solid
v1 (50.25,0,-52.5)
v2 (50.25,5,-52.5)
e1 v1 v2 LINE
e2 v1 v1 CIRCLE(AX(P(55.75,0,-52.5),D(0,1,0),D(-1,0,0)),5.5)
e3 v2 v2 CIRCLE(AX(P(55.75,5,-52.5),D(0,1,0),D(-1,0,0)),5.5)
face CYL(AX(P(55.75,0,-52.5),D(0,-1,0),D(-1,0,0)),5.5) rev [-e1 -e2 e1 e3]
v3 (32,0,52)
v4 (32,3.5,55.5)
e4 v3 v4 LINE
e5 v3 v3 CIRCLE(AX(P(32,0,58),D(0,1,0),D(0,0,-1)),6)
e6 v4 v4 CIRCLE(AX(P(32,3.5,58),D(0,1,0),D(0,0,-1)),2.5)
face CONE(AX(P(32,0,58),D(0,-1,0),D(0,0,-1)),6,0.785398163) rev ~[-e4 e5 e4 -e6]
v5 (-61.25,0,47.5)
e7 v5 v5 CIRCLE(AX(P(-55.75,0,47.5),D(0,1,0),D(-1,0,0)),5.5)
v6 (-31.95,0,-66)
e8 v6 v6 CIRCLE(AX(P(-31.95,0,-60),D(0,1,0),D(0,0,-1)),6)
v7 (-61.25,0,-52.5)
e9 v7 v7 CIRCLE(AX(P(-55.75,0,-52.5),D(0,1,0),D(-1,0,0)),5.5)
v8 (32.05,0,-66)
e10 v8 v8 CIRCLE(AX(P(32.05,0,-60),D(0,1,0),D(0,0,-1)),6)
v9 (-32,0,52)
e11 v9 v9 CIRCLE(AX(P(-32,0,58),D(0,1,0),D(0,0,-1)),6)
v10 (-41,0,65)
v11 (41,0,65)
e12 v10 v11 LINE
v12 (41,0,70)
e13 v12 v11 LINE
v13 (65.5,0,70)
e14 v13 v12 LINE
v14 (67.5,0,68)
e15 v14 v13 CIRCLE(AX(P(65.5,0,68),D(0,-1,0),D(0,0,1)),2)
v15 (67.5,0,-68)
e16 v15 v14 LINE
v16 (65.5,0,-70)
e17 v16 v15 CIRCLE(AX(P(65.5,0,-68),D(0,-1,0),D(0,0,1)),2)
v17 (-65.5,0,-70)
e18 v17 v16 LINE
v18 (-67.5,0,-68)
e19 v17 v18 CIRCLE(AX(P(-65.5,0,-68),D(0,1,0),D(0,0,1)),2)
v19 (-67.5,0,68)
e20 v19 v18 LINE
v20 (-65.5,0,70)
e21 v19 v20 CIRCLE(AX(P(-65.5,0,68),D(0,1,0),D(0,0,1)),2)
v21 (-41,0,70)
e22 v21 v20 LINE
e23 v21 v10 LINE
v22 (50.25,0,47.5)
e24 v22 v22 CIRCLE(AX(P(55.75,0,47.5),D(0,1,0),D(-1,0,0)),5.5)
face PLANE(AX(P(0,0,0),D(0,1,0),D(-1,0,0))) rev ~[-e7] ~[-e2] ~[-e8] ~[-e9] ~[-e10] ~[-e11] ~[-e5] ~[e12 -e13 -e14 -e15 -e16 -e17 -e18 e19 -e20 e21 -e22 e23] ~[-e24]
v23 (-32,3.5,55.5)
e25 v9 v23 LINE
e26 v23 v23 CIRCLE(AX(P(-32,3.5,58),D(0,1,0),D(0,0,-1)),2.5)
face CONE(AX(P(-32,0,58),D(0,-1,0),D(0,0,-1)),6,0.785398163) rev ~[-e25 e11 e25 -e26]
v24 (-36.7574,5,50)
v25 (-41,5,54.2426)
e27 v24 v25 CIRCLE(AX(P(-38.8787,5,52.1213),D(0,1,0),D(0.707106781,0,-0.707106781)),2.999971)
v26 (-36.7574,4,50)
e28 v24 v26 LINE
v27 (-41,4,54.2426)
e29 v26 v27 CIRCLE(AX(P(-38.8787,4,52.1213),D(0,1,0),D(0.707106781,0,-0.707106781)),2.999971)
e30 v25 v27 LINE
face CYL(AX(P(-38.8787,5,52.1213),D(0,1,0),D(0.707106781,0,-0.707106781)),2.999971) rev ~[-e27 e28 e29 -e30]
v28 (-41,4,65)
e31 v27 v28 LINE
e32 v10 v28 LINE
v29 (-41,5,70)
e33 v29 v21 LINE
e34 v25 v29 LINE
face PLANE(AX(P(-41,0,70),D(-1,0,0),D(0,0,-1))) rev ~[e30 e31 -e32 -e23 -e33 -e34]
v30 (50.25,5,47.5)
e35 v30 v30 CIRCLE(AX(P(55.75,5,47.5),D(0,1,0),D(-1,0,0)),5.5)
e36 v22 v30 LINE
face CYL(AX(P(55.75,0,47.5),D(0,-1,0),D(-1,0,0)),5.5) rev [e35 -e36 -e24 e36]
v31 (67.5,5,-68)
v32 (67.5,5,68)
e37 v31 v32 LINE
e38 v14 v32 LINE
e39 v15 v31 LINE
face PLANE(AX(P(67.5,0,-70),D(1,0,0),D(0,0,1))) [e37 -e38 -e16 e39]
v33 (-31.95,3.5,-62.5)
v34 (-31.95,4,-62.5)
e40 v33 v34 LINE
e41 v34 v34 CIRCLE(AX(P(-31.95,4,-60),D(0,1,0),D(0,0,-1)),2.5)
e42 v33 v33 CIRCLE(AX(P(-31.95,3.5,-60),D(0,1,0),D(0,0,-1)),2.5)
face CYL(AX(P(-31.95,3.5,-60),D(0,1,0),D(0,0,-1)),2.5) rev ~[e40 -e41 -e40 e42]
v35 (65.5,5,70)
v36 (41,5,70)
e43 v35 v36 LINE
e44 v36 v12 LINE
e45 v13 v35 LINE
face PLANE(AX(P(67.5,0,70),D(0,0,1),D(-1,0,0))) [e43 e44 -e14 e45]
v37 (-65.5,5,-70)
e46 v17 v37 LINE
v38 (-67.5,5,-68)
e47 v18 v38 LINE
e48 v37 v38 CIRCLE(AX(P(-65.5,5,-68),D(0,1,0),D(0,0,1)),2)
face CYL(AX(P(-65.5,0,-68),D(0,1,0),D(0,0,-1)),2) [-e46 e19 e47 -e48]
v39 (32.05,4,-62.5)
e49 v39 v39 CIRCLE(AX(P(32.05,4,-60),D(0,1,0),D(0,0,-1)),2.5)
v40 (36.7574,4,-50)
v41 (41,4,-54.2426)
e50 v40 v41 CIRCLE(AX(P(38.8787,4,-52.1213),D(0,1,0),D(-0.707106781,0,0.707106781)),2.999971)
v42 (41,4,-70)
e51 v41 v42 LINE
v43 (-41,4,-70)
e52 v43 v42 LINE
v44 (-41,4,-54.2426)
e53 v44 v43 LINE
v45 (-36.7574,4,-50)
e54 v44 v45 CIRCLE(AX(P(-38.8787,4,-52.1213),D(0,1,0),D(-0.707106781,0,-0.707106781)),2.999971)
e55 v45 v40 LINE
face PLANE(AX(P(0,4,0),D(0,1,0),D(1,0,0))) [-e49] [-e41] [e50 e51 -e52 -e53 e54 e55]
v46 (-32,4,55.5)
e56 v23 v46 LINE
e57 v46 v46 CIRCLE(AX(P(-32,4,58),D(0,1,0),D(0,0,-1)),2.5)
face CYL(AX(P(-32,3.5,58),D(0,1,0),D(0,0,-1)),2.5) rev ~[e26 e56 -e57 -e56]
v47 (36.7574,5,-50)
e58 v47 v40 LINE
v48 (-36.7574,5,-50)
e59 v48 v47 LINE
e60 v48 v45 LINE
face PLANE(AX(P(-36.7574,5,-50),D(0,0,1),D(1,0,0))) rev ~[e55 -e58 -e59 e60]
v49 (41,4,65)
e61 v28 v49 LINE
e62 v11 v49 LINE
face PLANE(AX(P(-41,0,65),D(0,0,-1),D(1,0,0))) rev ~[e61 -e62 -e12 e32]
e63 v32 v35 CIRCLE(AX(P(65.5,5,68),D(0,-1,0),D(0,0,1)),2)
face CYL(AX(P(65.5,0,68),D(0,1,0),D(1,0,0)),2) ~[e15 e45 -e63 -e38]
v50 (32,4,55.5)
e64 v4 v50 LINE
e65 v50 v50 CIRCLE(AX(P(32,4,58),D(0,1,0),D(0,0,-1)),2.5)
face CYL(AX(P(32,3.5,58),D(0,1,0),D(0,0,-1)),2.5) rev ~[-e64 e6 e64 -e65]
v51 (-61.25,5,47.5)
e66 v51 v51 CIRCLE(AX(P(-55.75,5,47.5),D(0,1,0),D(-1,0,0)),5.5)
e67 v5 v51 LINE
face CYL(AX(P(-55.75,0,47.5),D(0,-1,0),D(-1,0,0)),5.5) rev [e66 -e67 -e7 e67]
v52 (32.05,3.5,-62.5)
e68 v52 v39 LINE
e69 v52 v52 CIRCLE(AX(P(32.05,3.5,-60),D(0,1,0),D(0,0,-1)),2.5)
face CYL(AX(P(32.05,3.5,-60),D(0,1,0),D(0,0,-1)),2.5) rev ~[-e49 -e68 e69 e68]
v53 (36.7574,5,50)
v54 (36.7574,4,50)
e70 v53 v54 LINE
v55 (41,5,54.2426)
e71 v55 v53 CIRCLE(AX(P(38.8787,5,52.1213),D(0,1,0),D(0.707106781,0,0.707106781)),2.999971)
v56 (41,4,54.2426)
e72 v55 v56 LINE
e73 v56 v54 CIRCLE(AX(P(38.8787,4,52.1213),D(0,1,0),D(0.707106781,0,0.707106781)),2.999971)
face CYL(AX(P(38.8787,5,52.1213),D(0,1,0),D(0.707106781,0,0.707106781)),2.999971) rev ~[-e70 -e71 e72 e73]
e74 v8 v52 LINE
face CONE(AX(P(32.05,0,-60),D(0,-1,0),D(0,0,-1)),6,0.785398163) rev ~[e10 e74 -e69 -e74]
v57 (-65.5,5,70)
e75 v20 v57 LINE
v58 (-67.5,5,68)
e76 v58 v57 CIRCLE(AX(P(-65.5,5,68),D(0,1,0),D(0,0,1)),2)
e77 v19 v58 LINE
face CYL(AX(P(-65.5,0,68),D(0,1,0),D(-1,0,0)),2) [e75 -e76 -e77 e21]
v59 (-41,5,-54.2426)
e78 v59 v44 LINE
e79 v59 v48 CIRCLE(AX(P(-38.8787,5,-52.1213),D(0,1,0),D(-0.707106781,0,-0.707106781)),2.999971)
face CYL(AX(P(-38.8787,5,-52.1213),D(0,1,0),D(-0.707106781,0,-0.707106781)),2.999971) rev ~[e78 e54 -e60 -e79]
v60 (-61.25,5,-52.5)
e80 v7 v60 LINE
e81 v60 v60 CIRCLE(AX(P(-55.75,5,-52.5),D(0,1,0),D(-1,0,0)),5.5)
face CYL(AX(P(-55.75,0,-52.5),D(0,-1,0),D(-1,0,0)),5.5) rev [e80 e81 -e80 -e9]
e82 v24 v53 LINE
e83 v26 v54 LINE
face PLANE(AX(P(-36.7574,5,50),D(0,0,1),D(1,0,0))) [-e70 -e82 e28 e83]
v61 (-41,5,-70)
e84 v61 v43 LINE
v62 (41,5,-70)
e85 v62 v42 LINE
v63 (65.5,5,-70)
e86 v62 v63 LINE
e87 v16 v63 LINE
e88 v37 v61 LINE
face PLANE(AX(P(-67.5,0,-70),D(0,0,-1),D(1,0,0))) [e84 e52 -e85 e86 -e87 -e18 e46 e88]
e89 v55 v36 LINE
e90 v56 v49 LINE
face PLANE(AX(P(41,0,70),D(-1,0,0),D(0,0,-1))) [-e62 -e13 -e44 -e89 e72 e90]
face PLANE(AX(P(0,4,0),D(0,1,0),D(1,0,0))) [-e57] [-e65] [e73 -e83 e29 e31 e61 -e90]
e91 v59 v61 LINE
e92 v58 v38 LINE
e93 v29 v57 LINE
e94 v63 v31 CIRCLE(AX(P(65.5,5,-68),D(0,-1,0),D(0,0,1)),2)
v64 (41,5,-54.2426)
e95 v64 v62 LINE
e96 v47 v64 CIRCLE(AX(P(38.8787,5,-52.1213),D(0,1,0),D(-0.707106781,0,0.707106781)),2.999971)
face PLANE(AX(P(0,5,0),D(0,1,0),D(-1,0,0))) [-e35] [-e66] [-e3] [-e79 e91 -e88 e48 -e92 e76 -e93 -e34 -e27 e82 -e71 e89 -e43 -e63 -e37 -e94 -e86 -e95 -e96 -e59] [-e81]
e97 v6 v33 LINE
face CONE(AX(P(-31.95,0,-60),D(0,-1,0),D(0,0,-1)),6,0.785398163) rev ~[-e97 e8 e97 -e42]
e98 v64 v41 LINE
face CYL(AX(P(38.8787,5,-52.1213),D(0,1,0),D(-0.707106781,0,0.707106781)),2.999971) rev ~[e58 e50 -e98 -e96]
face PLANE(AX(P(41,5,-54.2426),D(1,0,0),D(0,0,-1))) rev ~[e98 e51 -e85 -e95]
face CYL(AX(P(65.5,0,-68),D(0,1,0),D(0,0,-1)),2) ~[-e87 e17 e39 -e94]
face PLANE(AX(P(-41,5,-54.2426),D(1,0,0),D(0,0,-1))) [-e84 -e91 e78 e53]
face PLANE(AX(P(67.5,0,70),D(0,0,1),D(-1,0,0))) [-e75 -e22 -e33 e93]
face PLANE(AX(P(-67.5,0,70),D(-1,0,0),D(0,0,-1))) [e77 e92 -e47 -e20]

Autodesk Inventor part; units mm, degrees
ref_plane "YZ Plane" through (0, 0, 0) normal (1, 0, 0) x (0, 1, 0)
ref_plane "XZ Plane" through (0, 0, 0) normal (0, 1, 0) x (-1, 0, 0)
ref_plane "XY Plane" through (0, 0, 0) normal (0, 0, 1) x (1, 0, 0)
sketch "Sketch1" plane through (0, 0, 0) normal (0, 1, 0) x (-1, 0, 0)
  line L0 (67.5, -70) -> (-67.5, -70)
  line L1 (-67.5, -70) -> (-67.5, 70)
  line L2 (-67.5, 70) -> (67.5, 70)
  line L3 (67.5, 70) -> (67.5, -70)
  line L4 (67.5, -70) -> (-67.5, 70) construction
  line L5 (-67.5, -70) -> (67.5, 70) construction
  circle A0 centre (-55.75, -52.5) radius 5.5
  circle A1 centre (55.75, -52.5) radius 5.5
  circle A2 centre (55.75, 47.5) radius 5.5
  circle A3 centre (-55.75, 47.5) radius 5.5
  line L6 (55.75, -52.5) -> (-55.75, -52.5) construction
  line L7 (55.75, 47.5) -> (-55.75, 47.5) construction
  line L8 (0, -70) -> (0, -52.5) construction
  line L9 (0, -52.5) -> (0, 0) construction
  line L10 (0, 0) -> (0, 47.5) construction
  line L11 (0, 70) -> (0, 47.5) construction
  point P0 (0, 0)
  point P1 (0, 0)
  point P2 (0, 0)
  dimension "d0" = 135
  dimension "d1" = 140
  dimension "d2" = 11
  dimension "d4" = 11
  dimension "d5" = 11
  dimension "d6" = 11
  dimension "d7" = 111.5
  dimension "d9" = 100
  dimension "d27" = 22.5
extrude "Extrusion1" add sketch "Sketch1" along normal blind 5
sketch "Sketch3" plane through (0, 5, 0) normal (0, 1, 0) x (1, 0, 0)
  circle A0 centre (55.75, -47.5) radius 5.5 construction
  circle A1 centre (-55.75, -47.5) radius 5.5 construction
  circle A2 centre (-55.75, 52.5) radius 5.5 construction
  circle A3 centre (55.75, 52.5) radius 5.5 construction
  line L0 (67.5, 70) -> (-67.5, 70) construction
  line L1 (-67.5, 70) -> (-67.5, -70) construction
  line L2 (-67.5, -70) -> (67.5, -70) construction
  line L3 (67.5, -70) -> (67.5, 70) construction
  line L4 (-41, -70) -> (41, -70)
  line L5 (-36.7574, -50) -> (36.7574, -50)
  line L6 (-41, -54.2426) -> (-41, -70)
  line L7 (41, -54.2426) -> (41, -70)
  line L8 (-67.5, -70) -> (67.5, -70) construction
  line L9 (-67.5, 70) -> (-67.5, -70) construction
  line L10 (-67.5, 0) -> (67.5, 0) construction
  line L11 (67.5, -70) -> (67.5, 70) construction
  arc A4 (-36.7574, -50) -> (-41, -54.2426) centre (-38.8787, -52.1213) ccw
  line L12 (-41, -50) -> (-38.8787, -52.1213) construction
  line L13 (0, -50) -> (0, -70) construction
  arc A5 (41, -54.2426) -> (36.7574, -50) centre (38.8787, -52.1213) ccw
  line L14 (-41, 70) -> (41, 70)
  line L15 (-36.7574, 50) -> (36.7574, 50)
  line L16 (-41, 54.2426) -> (-41, 70)
  line L17 (41, 54.2426) -> (41, 70)
  arc A6 (-41, 54.2426) -> (-36.7574, 50) centre (-38.8787, 52.1213) ccw
  line L18 (-41, 50) -> (-38.8787, 52.1213) construction
  line L19 (0, 50) -> (0, 70) construction
  arc A7 (36.7574, 50) -> (41, 54.2426) centre (38.8787, 52.1213) ccw
  circle A8 centre (55.75, -47.5) radius 5.5 projected
  circle A9 centre (-55.75, -47.5) radius 5.5 projected
  circle A10 centre (-55.75, 52.5) radius 5.5 projected
  circle A11 centre (55.75, 52.5) radius 5.5 projected
  line L20 (-67.5, 70) -> (67.5, 70) projected
  line L21 (67.5, 70) -> (67.5, -70) projected
  line L22 (67.5, -70) -> (-67.5, -70) projected
  line L23 (-67.5, -70) -> (-67.5, 70) projected
  point P0 (0, 0)
  point P1 (41, -50)
  point P2 (0, -70)
  point P3 (0, -70)
  point P4 (41, 50)
  point P5 (0, 70)
  point P6 (0, 70)
  dimension "d19" = 82
  dimension "d20" = 20
  dimension "d67" = 6
  dimension "d68" = 45
  dimension "d70" = 73.5147
  dimension "d71" = 15.7574
  dimension "d72" = 120
  dimension "d73" = 26.5
extrude "Extrusion3" cut sketch "Sketch3" against normal blind 1 contours L6 A4 L5 A5 L7 L4 | L14 L17 A7 L15 A6 L16
fillet "Fillet1" radius 2 4 edges at (67.5, 2.5, 70) (-67.5, 2.5, 70) (-67.5, 2.5, -70) (67.5, 2.5, -70)
sketch "Sketch4" plane through (0, 0, 0) normal (0, -1, 0) x (1, 0, 0)
  arc A0 (65.5, -70) -> (67.5, -68) centre (65.5, -68) ccw construction
  line L0 (67.5, -68) -> (67.5, 68) construction
  arc A1 (67.5, 68) -> (65.5, 70) centre (65.5, 68) ccw construction
  line L1 (65.5, 70) -> (-65.5, 70) construction
  arc A2 (-65.5, 70) -> (-67.5, 68) centre (-65.5, 68) ccw construction
  line L2 (-67.5, 68) -> (-67.5, -68) construction
  arc A3 (-67.5, -68) -> (-65.5, -70) centre (-65.5, -68) ccw construction
  line L3 (-65.5, -70) -> (65.5, -70) construction
  circle A4 centre (55.75, 47.5) radius 5.5 construction
  circle A5 centre (-55.75, 47.5) radius 5.5 construction
  circle A6 centre (-55.75, -52.5) radius 5.5 construction
  circle A7 centre (55.75, -52.5) radius 5.5 construction
  line L4 (-41, 70) -> (41, 70)
  line L5 (-41, 65) -> (41, 65)
  line L6 (-41, 70) -> (-41, 65)
  line L7 (41, 70) -> (41, 65)
  line L8 (65.5, 70) -> (-65.5, 70) construction
  point P0 (0, 0)
  point P1 (0, 70)
  point P2 (0, 70)
  point P3 (0, 70)
  dimension "d30" = 82
  dimension "d31" = 5
extrude "Extrusion4" cut sketch "Sketch4" against normal up to next
sketch "Sketch7" plane through (0, 0, 0) normal (0, -1, 0) x (1, 0, 0)
  arc A0 (67.5, 68) -> (65.5, 70) centre (65.5, 68) ccw projected
  line L0 (67.5, 68) -> (40.95, 68) construction
  line L1 (41, 70) -> (65.5, 70) projected
  line L2 (40.95, 68) -> (41, 70)
  line L3 (41, 70) -> (32, 70) construction
  line L4 (32, 70) -> (32, 58) construction
  circle A1 centre (32, 58) radius 3
  line L5 (32, 58) -> (-32, 58) construction
  circle A2 centre (-32, 58) radius 3
  line L6 (-67.5, -70) -> (-40.95, -70) construction
  line L7 (-65.5, -70) -> (65.5, -70) projected
  line L8 (-40.95, -70) -> (-31.95, -70) construction
  line L9 (-31.95, -70) -> (-31.95, -60) construction
  line L10 (-31.95, -60) -> (32.05, -60) construction
  circle A3 centre (-31.95, -60) radius 3
  circle A4 centre (32.05, -60) radius 3
  point P0 (0, 0)
  dimension "d78" = 26.55
  dimension "d79" = 9
  dimension "d80" = 12
  dimension "d81" = 6
  dimension "d82" = 64
  dimension "d84" = 6
  dimension "d85" = 26.55
  dimension "d86" = 9
  dimension "d87" = 10
  dimension "d88" = 64
  dimension "d89" = 6
  dimension "d90" = 6
  dimension "d92" = 63.95
hole "Hole3" at (32, 0, 58) at (-32, 0, 58) at (-31.95, 0, -60) at (32.05, 0, -60) direction (0, 1, 0) diameter 5 end through all countersink diameter 12 countersink angle 90
properties material "Aluminum 6061"
